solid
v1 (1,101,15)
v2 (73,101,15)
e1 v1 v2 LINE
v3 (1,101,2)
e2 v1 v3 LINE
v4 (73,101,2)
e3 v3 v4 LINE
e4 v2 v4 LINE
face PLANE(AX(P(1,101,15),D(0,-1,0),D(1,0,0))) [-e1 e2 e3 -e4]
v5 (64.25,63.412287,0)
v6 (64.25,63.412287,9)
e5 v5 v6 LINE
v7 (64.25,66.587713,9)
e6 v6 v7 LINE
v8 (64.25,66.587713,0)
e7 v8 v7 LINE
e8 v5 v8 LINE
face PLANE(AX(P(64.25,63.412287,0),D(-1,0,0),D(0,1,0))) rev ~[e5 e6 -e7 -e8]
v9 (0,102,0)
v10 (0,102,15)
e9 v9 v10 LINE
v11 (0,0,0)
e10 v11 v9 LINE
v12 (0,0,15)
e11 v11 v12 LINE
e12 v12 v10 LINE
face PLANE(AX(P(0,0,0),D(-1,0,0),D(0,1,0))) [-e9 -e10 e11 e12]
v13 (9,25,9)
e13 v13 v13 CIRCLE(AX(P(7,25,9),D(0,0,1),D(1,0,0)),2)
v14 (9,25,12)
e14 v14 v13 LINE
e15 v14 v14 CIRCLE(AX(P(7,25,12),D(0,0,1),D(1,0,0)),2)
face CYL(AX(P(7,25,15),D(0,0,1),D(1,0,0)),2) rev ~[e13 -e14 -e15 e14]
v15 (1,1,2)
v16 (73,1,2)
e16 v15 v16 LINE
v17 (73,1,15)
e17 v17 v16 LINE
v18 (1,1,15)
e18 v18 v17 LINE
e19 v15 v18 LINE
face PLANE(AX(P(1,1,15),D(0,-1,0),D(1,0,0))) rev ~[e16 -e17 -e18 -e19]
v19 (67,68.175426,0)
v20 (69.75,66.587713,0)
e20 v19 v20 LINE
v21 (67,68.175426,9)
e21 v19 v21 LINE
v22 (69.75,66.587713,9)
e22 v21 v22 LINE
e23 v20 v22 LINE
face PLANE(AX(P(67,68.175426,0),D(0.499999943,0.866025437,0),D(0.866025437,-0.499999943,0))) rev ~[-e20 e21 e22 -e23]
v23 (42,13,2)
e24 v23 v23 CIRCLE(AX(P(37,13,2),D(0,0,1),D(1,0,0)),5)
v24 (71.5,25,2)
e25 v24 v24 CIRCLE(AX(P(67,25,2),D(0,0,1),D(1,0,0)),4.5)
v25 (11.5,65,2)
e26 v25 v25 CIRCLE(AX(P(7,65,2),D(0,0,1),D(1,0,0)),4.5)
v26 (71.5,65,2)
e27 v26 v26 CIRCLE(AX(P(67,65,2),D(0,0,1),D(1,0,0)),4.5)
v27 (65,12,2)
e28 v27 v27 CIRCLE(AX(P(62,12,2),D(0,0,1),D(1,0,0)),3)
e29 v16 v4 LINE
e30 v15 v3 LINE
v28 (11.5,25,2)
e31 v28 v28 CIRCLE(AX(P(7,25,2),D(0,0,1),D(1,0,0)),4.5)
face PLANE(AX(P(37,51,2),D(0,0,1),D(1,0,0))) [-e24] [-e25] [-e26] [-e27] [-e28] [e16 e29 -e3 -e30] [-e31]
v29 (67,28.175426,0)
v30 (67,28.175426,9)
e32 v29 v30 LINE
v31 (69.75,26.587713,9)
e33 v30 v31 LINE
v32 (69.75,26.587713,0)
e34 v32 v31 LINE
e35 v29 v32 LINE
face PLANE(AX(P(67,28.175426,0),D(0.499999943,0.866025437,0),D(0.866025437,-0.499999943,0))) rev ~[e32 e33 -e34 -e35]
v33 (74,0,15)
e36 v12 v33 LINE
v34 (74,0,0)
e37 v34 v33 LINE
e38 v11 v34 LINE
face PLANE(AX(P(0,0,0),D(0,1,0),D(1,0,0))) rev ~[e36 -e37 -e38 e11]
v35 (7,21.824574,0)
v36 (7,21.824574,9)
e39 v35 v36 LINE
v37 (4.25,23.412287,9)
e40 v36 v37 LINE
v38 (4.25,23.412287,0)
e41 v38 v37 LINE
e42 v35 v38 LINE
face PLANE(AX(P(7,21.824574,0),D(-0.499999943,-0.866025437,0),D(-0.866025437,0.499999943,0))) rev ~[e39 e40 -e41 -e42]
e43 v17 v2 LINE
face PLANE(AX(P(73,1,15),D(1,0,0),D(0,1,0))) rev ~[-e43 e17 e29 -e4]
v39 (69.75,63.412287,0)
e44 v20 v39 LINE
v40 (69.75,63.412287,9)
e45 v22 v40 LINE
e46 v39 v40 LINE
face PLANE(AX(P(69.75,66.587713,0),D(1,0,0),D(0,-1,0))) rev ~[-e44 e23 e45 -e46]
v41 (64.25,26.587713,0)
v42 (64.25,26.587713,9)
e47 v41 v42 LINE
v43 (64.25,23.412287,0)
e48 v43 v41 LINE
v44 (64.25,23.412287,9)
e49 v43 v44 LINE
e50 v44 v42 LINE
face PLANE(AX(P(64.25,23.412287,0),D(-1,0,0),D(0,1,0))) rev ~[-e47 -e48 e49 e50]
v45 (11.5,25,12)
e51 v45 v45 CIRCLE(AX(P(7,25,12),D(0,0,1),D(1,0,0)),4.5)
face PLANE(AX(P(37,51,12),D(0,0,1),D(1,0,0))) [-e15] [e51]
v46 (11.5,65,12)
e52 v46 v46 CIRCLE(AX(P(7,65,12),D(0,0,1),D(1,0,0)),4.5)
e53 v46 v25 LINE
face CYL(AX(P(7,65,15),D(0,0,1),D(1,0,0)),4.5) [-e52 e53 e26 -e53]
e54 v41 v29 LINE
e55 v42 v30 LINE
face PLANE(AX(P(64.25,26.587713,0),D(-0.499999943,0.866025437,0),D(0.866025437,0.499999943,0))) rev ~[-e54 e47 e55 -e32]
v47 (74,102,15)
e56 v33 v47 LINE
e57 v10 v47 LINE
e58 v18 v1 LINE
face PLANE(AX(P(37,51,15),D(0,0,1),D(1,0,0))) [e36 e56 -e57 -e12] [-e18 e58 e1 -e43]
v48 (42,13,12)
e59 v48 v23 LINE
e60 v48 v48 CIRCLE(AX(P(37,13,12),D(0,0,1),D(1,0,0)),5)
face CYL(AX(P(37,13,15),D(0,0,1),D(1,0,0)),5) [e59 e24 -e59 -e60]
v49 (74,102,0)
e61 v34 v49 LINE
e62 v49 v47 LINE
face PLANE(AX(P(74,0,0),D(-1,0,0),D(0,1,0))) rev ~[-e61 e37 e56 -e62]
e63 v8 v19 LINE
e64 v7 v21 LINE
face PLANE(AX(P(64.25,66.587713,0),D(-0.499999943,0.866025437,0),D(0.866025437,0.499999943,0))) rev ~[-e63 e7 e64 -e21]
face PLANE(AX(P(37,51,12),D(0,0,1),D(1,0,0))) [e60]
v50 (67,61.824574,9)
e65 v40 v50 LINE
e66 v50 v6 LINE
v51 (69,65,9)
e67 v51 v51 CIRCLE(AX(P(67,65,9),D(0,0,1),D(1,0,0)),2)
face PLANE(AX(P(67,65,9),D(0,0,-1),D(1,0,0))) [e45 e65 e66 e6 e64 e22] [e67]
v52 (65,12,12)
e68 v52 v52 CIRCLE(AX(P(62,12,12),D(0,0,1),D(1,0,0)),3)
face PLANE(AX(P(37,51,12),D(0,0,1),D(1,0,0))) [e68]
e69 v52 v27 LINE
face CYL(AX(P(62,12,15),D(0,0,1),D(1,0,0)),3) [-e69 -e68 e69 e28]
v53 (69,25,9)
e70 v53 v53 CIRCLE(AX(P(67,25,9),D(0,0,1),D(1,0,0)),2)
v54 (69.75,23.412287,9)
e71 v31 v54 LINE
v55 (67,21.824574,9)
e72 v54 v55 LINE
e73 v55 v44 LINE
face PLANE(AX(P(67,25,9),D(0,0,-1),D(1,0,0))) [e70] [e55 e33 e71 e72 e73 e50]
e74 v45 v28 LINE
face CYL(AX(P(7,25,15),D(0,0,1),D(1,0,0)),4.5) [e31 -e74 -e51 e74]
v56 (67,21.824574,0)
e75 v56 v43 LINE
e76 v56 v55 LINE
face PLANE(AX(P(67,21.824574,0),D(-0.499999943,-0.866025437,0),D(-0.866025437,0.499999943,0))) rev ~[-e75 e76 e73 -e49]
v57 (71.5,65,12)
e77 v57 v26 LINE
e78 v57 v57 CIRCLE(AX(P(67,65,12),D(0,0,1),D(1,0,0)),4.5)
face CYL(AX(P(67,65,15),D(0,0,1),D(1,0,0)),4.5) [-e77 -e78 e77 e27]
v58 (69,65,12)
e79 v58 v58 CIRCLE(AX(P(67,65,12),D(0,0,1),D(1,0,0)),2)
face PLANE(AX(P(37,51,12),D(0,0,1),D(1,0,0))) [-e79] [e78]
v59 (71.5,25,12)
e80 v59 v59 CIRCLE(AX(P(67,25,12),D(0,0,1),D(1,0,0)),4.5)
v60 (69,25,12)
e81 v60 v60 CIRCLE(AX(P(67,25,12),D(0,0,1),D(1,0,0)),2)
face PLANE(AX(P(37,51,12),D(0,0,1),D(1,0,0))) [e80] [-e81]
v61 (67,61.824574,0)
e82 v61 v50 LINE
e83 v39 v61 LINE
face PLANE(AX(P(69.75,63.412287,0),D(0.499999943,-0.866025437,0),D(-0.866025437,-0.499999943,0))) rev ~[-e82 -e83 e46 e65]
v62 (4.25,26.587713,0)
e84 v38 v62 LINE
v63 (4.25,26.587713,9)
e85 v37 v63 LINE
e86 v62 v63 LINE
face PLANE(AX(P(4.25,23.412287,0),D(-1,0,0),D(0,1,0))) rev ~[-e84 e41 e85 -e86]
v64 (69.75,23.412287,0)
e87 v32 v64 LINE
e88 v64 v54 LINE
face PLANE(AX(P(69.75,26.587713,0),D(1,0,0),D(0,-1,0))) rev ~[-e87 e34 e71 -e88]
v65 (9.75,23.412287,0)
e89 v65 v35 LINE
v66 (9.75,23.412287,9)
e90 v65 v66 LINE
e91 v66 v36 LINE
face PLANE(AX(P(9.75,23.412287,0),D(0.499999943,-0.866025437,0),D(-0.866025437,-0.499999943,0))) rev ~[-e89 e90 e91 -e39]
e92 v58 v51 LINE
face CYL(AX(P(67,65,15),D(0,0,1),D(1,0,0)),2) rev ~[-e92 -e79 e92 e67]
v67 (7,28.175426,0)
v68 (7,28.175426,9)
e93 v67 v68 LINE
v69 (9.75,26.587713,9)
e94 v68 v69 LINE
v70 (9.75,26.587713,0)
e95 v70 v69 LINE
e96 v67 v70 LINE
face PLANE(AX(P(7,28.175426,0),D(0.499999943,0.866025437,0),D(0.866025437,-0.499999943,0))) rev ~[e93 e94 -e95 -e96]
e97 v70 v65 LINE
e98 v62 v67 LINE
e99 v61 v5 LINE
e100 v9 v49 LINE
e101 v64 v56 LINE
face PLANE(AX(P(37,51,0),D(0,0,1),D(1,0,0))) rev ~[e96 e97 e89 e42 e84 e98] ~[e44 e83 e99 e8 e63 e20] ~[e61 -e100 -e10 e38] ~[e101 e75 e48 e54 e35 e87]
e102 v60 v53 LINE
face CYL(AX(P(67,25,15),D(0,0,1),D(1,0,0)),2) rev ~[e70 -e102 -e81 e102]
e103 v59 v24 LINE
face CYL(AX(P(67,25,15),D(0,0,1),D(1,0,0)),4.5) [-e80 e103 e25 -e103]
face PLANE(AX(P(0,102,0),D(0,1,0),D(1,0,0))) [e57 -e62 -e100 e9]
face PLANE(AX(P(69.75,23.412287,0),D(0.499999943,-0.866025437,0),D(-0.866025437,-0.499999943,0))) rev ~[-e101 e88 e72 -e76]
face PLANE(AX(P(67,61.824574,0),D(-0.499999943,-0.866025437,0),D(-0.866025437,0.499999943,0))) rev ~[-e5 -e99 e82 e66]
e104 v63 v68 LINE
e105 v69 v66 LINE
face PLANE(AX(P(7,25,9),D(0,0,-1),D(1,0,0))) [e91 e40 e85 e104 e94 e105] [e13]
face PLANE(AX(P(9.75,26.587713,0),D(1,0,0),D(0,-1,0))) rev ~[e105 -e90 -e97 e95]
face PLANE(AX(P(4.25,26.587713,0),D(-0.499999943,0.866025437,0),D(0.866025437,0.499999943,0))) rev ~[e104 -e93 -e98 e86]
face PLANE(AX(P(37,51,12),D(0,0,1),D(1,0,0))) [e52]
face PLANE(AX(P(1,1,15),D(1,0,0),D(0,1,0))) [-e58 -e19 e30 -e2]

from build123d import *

# Parameters (mm, degrees)
SKETCH_W        = 74
SKETCH_H        = 102
PAD_DEPTH       = 15
SKETCH001_W     = 72
SKETCH001_H     = 100
SKETCH001_R     = 4.5
SKETCH001_R_2   = 5
SKETCH001_R_3   = 3
POCKET_DEPTH    = 13
SKETCH002_R     = 2
POCKET001_DEPTH = 15.001
POCKET002_DEPTH = 9
SKETCH004_W     = 72
SKETCH004_H     = 100
POCKET003_DEPTH = 3


with BuildPart() as part:
    # Sketch → Pad (new body)
    with BuildSketch(Plane.XY):
        with Locations((37, 51)):
            Rectangle(SKETCH_W, SKETCH_H)
    extrude(amount=PAD_DEPTH)

    # Sketch001 (on Face6 of Pad) → Pocket (cut)
    with BuildSketch(Plane.XY.offset(15)):
        with Locations((37, 51)):
            Rectangle(SKETCH001_W, SKETCH001_H)
        with Locations((67, 25)):
            Circle(SKETCH001_R, mode=Mode.SUBTRACT)
        with Locations((7, 25)):
            Circle(SKETCH001_R, mode=Mode.SUBTRACT)
        with Locations((7, 65)):
            Circle(SKETCH001_R, mode=Mode.SUBTRACT)
        with Locations((67, 65)):
            Circle(SKETCH001_R, mode=Mode.SUBTRACT)
        with Locations((37, 13)):
            Circle(SKETCH001_R_2, mode=Mode.SUBTRACT)
        with Locations((62, 12)):
            Circle(SKETCH001_R_3, mode=Mode.SUBTRACT)
    extrude(amount=-POCKET_DEPTH, mode=Mode.SUBTRACT)

    # Sketch002 (on Face20 of Pocket) → Pocket001 (cut, through all)
    with BuildSketch(Plane.XY.offset(15)):
        with Locations((67, 65)):
            Circle(SKETCH002_R)
        with Locations((67, 25)):
            Circle(SKETCH002_R)
        with Locations((7, 25)):
            Circle(SKETCH002_R)
    extrude(amount=-POCKET001_DEPTH, mode=Mode.SUBTRACT)

    # Sketch003 (on Face4 of Pocket001) → Pocket002 (cut)
    with BuildSketch(Plane(origin=(0, 0, 0), x_dir=(1, 0, 0), z_dir=(0, 0, -1))):
        Polygon((9.75, -26.587713), (9.75, -23.412287), (7, -21.824574), (4.25, -23.412287), (4.25, -26.587713), (7, -28.175426), align=None)
        Polygon((69.75, -26.587713), (69.75, -23.412287), (67, -21.824574), (64.25, -23.412287), (64.25, -26.587713), (67, -28.175426), align=None)
        Polygon((69.75, -66.587713), (69.75, -63.412287), (67, -61.824574), (64.25, -63.412287), (64.25, -66.587713), (67, -68.175426), align=None)
    extrude(amount=-POCKET002_DEPTH, mode=Mode.SUBTRACT)

    # Sketch004 (on Face5 of Pocket002) → Pocket003 (cut)
    with BuildSketch(Plane.XY.offset(15)):
        with Locations((37, 51)):
            Rectangle(SKETCH004_W, SKETCH004_H)
    extrude(amount=-POCKET003_DEPTH, mode=Mode.SUBTRACT)


solid = part.part
